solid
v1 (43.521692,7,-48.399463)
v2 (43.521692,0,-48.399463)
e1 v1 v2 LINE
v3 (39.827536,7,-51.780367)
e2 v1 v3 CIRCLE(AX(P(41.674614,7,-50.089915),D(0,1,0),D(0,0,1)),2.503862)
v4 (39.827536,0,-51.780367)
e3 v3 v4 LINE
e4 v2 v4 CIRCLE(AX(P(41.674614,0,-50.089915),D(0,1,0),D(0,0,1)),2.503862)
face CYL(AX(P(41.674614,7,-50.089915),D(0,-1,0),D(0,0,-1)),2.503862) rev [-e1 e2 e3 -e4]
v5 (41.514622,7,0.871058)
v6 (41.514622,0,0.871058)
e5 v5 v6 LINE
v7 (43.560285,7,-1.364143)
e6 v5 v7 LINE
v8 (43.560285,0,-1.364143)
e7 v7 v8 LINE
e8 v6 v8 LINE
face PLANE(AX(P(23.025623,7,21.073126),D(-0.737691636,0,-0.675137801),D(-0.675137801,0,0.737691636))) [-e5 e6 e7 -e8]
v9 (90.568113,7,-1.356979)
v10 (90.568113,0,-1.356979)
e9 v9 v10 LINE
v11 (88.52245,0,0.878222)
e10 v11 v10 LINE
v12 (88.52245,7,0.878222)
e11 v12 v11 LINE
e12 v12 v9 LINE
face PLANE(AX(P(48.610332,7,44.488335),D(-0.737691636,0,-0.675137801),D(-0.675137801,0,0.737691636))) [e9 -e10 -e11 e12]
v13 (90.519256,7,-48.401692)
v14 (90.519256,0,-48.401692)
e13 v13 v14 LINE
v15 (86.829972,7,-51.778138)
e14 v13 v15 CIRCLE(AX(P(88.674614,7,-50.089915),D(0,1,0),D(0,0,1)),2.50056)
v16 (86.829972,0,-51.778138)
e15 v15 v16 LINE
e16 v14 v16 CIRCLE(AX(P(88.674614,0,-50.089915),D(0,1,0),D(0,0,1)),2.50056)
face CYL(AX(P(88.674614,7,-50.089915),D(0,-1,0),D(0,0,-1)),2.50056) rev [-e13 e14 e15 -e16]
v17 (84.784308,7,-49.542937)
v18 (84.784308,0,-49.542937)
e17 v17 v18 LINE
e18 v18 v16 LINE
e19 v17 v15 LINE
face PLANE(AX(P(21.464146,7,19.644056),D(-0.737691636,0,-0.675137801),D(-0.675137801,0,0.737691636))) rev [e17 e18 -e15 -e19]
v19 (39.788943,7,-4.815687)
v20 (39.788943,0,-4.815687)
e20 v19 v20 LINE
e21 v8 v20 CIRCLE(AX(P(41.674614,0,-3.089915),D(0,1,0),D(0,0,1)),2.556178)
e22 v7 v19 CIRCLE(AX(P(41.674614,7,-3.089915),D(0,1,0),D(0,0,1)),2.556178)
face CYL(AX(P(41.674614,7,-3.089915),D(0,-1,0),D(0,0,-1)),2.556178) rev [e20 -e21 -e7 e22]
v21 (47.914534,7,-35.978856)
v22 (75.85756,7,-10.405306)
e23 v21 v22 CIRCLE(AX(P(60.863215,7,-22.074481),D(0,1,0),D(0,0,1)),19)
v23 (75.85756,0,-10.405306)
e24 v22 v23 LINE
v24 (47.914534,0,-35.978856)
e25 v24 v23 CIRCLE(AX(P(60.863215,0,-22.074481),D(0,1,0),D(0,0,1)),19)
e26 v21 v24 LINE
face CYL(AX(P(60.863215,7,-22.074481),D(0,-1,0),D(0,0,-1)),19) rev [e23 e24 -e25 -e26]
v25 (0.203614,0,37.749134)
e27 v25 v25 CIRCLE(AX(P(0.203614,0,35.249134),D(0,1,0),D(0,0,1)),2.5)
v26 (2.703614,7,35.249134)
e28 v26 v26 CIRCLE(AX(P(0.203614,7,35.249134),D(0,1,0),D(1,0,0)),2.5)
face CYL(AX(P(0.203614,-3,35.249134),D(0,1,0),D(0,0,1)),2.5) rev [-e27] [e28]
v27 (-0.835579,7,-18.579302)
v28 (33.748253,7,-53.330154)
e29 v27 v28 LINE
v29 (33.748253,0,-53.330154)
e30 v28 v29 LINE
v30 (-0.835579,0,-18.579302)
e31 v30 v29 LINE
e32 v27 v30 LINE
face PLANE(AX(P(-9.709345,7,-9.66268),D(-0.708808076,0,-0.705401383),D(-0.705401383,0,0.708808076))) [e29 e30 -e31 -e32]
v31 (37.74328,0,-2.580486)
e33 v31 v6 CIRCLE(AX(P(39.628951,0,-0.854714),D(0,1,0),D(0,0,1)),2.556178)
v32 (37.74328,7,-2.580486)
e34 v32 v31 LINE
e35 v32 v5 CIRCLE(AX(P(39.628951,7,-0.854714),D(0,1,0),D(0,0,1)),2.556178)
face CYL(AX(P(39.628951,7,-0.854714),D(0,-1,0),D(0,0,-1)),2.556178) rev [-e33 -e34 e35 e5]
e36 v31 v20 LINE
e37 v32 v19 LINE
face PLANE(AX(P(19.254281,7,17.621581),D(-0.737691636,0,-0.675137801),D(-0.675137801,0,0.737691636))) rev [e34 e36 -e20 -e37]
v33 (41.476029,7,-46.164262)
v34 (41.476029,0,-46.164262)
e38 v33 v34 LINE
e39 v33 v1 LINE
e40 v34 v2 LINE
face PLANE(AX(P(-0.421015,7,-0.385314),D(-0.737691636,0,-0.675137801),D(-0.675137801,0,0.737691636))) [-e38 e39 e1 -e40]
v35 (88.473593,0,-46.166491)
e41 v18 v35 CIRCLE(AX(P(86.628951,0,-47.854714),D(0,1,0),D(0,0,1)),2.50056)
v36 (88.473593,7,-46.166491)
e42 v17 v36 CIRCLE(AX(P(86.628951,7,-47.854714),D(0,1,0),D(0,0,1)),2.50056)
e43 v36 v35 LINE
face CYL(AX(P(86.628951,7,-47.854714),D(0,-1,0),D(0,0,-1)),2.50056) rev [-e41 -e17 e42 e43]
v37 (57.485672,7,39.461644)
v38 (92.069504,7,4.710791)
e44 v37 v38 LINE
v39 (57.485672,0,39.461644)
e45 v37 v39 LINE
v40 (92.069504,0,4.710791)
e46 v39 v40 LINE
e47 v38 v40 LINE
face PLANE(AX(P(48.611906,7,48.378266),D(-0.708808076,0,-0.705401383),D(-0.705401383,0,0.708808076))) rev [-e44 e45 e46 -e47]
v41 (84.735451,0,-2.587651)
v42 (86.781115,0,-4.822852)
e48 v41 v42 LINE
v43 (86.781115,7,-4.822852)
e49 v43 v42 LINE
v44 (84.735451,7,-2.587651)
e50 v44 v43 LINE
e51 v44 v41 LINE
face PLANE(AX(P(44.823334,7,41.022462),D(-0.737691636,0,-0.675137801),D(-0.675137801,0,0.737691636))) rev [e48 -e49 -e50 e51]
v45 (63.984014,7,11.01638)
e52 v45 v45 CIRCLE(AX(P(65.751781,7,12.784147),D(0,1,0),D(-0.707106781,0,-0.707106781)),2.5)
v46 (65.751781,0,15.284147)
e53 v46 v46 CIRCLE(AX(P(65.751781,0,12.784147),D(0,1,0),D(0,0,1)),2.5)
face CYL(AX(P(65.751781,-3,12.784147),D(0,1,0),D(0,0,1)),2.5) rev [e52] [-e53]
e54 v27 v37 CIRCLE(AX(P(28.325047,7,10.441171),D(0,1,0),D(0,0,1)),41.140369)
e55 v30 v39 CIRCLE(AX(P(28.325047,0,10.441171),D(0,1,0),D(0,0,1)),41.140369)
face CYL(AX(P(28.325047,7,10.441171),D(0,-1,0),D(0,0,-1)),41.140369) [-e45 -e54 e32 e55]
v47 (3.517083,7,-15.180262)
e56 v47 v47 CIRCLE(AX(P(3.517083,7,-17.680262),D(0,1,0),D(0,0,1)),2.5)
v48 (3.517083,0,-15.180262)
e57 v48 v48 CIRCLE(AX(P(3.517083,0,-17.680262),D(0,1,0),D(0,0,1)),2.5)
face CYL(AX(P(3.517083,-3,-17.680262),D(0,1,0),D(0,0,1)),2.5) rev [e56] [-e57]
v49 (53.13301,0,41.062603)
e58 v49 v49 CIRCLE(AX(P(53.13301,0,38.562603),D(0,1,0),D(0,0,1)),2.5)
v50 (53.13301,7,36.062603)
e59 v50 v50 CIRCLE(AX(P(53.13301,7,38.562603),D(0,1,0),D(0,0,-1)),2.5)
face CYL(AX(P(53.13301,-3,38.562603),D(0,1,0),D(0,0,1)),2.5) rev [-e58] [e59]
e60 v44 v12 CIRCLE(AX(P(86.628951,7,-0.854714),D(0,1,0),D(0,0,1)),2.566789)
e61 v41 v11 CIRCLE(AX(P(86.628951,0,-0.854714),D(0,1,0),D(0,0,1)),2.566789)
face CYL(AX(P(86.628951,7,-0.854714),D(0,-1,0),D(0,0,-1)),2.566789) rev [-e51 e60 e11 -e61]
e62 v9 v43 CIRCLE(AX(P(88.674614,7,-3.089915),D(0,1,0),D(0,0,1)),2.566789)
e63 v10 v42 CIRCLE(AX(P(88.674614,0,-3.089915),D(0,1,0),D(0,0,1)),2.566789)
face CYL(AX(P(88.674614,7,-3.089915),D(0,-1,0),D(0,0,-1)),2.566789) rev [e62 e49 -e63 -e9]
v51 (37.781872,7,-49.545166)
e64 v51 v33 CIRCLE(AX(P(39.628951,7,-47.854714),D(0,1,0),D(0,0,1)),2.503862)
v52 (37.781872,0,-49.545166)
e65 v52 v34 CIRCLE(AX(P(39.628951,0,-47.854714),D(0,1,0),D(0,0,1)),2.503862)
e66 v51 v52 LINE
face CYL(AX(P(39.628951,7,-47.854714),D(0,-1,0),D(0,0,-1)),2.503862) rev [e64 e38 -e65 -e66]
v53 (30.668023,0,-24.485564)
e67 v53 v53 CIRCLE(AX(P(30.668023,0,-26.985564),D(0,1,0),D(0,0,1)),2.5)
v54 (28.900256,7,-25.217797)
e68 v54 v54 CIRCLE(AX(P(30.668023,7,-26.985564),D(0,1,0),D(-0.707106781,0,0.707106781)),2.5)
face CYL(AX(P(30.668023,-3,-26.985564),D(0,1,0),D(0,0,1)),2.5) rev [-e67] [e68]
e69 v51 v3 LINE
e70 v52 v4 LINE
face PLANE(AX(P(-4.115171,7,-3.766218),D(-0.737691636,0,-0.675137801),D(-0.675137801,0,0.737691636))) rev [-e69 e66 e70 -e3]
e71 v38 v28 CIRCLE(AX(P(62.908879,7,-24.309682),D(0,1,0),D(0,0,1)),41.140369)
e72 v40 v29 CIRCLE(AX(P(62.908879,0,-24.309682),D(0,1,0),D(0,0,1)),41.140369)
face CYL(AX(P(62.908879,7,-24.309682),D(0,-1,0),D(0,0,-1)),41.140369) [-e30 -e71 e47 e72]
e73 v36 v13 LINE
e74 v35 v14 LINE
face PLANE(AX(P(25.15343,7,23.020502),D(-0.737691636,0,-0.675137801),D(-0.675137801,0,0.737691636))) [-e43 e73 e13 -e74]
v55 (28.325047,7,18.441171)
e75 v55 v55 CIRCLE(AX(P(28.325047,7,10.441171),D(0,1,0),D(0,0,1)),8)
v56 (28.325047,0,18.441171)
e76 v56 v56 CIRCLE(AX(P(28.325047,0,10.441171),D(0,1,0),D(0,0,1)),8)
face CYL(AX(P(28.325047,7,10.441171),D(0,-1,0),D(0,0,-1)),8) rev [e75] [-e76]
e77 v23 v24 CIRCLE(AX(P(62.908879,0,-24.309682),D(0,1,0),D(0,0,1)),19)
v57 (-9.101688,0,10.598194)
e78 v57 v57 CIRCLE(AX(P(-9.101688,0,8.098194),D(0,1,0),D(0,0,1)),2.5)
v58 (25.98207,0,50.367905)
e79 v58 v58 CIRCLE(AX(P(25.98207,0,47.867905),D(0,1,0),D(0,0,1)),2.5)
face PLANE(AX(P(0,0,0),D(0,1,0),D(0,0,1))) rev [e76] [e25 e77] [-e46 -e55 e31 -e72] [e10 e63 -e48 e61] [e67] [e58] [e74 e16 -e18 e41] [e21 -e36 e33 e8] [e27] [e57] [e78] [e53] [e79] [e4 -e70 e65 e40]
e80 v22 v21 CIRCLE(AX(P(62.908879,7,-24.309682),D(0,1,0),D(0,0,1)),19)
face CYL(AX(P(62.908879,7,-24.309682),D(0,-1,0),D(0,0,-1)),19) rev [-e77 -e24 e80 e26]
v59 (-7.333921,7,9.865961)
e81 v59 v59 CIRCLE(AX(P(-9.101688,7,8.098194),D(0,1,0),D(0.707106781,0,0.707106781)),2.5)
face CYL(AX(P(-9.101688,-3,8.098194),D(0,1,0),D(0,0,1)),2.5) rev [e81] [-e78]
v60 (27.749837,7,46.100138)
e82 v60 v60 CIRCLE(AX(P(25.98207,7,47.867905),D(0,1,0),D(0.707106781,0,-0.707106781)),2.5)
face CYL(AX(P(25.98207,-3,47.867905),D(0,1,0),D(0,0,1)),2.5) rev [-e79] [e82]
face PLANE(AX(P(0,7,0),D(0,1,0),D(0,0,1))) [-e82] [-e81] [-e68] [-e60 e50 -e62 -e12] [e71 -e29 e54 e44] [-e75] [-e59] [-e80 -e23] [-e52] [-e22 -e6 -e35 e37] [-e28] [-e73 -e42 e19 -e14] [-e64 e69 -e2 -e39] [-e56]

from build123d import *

# Parameters (mm, degrees)
SKETCH2_R           = 8
BOSS_EXTRUDE1_DEPTH = 7
SKETCH6_R           = 2.5
CUT_EXTRUDE2_DEPTH  = 10
CIRPATTERN1_COUNT   = 8


with BuildPart() as part:
    # Sketch2 → Boss-Extrude1 (new body)
    with BuildSketch(Plane(origin=(0, 0, 0), x_dir=(1, 0, 0), z_dir=(0, 1, 0))):
        with BuildLine():
            Line((57.48567214, -39.461643712), (92.069504062, -4.710791287))
            ThreePointArc((92.069504062, -4.710791287), (91.929351462, 53.470307056), (33.748253119, 53.330154455))
            Line((33.748253119, 53.330154455), (-0.835578803, 18.579302031))
            ThreePointArc((-0.835578803, 18.579302031), (-0.695426202, -39.601796312), (57.48567214, -39.461643712))
        make_face()
        with Locations(Location((28.325046669, -10.441170841, 0), (0, 0, 270))):
            Circle(SKETCH2_R, mode=Mode.SUBTRACT)
        with BuildLine():
            ThreePointArc((75.857560085, 10.405306461), (75.736496811, 38.325822665), (47.914533773, 35.978855656))
            ThreePointArc((47.914533773, 35.978855656), (48.035597047, 8.058339452), (75.857560085, 10.405306461))
        make_face(mode=Mode.SUBTRACT)
        with BuildLine():
            ThreePointArc((43.521692021, 48.399463186), (43.365065843, 51.936993301), (39.827535728, 51.780367124))
            Line((39.827535728, 51.780367124), (37.781872405, 49.545166072))
            ThreePointArc((37.781872405, 49.545166072), (37.938498583, 46.007635957), (41.476028698, 46.164262134))
            Line((41.476028698, 46.164262134), (43.521692021, 48.399463186))
        make_face(mode=Mode.SUBTRACT)
        with BuildLine():
            ThreePointArc((90.519256192, 48.401692465), (90.362836565, 51.934557472), (86.829971557, 51.778137845))
            Line((86.829971557, 51.778137845), (84.784308234, 49.542936793))
            ThreePointArc((84.784308234, 49.542936793), (84.940727861, 46.010071786), (88.473592869, 46.166491413))
            Line((88.473592869, 46.166491413), (90.519256192, 48.401692465))
        make_face(mode=Mode.SUBTRACT)
        with BuildLine():
            ThreePointArc((43.560284925, 1.364142834), (43.400386196, 4.975586205), (39.788942825, 4.815687476))
            Line((39.788942825, 4.815687476), (37.743279502, 2.580486424))
            ThreePointArc((37.743279502, 2.580486424), (37.903178231, -1.030956947), (41.514621602, -0.871058218))
            Line((41.514621602, -0.871058218), (43.560284925, 1.364142834))
        make_face(mode=Mode.SUBTRACT)
        with BuildLine():
            ThreePointArc((90.568112992, 1.356978562), (90.407550468, 4.983414272), (86.781114757, 4.822851748))
            Line((86.781114757, 4.822851748), (84.735451434, 2.587650696))
            ThreePointArc((84.735451434, 2.587650696), (84.896013958, -1.038785014), (88.522449669, -0.87822249))
            Line((88.522449669, -0.87822249), (90.568112992, 1.356978562))
        make_face(mode=Mode.SUBTRACT)
    extrude(amount=BOSS_EXTRUDE1_DEPTH)

    # Sketch6 → Cut-Extrude2 (cut)
    with BuildSketch(Plane(origin=(0, 7, 0), x_dir=(1, 0, 0), z_dir=(0, 1, 0))):
        with Locations(Location((3.517083482, 17.6802616, 0), (0, 0, 270))):
            Circle(SKETCH6_R)
    cut_extrude2 = extrude(amount=-CUT_EXTRUDE2_DEPTH, mode=Mode.SUBTRACT)

    # CirPattern1: Cut-Extrude2 ×8 about axis
    cirpattern1_axis = Axis((28.325046669, 0, 10.441170841), (0, 1, 0))
    for i in range(1, CIRPATTERN1_COUNT):
        add(cut_extrude2.rotate(cirpattern1_axis, i * 360 / CIRPATTERN1_COUNT), mode=Mode.SUBTRACT)


solid = part.part
